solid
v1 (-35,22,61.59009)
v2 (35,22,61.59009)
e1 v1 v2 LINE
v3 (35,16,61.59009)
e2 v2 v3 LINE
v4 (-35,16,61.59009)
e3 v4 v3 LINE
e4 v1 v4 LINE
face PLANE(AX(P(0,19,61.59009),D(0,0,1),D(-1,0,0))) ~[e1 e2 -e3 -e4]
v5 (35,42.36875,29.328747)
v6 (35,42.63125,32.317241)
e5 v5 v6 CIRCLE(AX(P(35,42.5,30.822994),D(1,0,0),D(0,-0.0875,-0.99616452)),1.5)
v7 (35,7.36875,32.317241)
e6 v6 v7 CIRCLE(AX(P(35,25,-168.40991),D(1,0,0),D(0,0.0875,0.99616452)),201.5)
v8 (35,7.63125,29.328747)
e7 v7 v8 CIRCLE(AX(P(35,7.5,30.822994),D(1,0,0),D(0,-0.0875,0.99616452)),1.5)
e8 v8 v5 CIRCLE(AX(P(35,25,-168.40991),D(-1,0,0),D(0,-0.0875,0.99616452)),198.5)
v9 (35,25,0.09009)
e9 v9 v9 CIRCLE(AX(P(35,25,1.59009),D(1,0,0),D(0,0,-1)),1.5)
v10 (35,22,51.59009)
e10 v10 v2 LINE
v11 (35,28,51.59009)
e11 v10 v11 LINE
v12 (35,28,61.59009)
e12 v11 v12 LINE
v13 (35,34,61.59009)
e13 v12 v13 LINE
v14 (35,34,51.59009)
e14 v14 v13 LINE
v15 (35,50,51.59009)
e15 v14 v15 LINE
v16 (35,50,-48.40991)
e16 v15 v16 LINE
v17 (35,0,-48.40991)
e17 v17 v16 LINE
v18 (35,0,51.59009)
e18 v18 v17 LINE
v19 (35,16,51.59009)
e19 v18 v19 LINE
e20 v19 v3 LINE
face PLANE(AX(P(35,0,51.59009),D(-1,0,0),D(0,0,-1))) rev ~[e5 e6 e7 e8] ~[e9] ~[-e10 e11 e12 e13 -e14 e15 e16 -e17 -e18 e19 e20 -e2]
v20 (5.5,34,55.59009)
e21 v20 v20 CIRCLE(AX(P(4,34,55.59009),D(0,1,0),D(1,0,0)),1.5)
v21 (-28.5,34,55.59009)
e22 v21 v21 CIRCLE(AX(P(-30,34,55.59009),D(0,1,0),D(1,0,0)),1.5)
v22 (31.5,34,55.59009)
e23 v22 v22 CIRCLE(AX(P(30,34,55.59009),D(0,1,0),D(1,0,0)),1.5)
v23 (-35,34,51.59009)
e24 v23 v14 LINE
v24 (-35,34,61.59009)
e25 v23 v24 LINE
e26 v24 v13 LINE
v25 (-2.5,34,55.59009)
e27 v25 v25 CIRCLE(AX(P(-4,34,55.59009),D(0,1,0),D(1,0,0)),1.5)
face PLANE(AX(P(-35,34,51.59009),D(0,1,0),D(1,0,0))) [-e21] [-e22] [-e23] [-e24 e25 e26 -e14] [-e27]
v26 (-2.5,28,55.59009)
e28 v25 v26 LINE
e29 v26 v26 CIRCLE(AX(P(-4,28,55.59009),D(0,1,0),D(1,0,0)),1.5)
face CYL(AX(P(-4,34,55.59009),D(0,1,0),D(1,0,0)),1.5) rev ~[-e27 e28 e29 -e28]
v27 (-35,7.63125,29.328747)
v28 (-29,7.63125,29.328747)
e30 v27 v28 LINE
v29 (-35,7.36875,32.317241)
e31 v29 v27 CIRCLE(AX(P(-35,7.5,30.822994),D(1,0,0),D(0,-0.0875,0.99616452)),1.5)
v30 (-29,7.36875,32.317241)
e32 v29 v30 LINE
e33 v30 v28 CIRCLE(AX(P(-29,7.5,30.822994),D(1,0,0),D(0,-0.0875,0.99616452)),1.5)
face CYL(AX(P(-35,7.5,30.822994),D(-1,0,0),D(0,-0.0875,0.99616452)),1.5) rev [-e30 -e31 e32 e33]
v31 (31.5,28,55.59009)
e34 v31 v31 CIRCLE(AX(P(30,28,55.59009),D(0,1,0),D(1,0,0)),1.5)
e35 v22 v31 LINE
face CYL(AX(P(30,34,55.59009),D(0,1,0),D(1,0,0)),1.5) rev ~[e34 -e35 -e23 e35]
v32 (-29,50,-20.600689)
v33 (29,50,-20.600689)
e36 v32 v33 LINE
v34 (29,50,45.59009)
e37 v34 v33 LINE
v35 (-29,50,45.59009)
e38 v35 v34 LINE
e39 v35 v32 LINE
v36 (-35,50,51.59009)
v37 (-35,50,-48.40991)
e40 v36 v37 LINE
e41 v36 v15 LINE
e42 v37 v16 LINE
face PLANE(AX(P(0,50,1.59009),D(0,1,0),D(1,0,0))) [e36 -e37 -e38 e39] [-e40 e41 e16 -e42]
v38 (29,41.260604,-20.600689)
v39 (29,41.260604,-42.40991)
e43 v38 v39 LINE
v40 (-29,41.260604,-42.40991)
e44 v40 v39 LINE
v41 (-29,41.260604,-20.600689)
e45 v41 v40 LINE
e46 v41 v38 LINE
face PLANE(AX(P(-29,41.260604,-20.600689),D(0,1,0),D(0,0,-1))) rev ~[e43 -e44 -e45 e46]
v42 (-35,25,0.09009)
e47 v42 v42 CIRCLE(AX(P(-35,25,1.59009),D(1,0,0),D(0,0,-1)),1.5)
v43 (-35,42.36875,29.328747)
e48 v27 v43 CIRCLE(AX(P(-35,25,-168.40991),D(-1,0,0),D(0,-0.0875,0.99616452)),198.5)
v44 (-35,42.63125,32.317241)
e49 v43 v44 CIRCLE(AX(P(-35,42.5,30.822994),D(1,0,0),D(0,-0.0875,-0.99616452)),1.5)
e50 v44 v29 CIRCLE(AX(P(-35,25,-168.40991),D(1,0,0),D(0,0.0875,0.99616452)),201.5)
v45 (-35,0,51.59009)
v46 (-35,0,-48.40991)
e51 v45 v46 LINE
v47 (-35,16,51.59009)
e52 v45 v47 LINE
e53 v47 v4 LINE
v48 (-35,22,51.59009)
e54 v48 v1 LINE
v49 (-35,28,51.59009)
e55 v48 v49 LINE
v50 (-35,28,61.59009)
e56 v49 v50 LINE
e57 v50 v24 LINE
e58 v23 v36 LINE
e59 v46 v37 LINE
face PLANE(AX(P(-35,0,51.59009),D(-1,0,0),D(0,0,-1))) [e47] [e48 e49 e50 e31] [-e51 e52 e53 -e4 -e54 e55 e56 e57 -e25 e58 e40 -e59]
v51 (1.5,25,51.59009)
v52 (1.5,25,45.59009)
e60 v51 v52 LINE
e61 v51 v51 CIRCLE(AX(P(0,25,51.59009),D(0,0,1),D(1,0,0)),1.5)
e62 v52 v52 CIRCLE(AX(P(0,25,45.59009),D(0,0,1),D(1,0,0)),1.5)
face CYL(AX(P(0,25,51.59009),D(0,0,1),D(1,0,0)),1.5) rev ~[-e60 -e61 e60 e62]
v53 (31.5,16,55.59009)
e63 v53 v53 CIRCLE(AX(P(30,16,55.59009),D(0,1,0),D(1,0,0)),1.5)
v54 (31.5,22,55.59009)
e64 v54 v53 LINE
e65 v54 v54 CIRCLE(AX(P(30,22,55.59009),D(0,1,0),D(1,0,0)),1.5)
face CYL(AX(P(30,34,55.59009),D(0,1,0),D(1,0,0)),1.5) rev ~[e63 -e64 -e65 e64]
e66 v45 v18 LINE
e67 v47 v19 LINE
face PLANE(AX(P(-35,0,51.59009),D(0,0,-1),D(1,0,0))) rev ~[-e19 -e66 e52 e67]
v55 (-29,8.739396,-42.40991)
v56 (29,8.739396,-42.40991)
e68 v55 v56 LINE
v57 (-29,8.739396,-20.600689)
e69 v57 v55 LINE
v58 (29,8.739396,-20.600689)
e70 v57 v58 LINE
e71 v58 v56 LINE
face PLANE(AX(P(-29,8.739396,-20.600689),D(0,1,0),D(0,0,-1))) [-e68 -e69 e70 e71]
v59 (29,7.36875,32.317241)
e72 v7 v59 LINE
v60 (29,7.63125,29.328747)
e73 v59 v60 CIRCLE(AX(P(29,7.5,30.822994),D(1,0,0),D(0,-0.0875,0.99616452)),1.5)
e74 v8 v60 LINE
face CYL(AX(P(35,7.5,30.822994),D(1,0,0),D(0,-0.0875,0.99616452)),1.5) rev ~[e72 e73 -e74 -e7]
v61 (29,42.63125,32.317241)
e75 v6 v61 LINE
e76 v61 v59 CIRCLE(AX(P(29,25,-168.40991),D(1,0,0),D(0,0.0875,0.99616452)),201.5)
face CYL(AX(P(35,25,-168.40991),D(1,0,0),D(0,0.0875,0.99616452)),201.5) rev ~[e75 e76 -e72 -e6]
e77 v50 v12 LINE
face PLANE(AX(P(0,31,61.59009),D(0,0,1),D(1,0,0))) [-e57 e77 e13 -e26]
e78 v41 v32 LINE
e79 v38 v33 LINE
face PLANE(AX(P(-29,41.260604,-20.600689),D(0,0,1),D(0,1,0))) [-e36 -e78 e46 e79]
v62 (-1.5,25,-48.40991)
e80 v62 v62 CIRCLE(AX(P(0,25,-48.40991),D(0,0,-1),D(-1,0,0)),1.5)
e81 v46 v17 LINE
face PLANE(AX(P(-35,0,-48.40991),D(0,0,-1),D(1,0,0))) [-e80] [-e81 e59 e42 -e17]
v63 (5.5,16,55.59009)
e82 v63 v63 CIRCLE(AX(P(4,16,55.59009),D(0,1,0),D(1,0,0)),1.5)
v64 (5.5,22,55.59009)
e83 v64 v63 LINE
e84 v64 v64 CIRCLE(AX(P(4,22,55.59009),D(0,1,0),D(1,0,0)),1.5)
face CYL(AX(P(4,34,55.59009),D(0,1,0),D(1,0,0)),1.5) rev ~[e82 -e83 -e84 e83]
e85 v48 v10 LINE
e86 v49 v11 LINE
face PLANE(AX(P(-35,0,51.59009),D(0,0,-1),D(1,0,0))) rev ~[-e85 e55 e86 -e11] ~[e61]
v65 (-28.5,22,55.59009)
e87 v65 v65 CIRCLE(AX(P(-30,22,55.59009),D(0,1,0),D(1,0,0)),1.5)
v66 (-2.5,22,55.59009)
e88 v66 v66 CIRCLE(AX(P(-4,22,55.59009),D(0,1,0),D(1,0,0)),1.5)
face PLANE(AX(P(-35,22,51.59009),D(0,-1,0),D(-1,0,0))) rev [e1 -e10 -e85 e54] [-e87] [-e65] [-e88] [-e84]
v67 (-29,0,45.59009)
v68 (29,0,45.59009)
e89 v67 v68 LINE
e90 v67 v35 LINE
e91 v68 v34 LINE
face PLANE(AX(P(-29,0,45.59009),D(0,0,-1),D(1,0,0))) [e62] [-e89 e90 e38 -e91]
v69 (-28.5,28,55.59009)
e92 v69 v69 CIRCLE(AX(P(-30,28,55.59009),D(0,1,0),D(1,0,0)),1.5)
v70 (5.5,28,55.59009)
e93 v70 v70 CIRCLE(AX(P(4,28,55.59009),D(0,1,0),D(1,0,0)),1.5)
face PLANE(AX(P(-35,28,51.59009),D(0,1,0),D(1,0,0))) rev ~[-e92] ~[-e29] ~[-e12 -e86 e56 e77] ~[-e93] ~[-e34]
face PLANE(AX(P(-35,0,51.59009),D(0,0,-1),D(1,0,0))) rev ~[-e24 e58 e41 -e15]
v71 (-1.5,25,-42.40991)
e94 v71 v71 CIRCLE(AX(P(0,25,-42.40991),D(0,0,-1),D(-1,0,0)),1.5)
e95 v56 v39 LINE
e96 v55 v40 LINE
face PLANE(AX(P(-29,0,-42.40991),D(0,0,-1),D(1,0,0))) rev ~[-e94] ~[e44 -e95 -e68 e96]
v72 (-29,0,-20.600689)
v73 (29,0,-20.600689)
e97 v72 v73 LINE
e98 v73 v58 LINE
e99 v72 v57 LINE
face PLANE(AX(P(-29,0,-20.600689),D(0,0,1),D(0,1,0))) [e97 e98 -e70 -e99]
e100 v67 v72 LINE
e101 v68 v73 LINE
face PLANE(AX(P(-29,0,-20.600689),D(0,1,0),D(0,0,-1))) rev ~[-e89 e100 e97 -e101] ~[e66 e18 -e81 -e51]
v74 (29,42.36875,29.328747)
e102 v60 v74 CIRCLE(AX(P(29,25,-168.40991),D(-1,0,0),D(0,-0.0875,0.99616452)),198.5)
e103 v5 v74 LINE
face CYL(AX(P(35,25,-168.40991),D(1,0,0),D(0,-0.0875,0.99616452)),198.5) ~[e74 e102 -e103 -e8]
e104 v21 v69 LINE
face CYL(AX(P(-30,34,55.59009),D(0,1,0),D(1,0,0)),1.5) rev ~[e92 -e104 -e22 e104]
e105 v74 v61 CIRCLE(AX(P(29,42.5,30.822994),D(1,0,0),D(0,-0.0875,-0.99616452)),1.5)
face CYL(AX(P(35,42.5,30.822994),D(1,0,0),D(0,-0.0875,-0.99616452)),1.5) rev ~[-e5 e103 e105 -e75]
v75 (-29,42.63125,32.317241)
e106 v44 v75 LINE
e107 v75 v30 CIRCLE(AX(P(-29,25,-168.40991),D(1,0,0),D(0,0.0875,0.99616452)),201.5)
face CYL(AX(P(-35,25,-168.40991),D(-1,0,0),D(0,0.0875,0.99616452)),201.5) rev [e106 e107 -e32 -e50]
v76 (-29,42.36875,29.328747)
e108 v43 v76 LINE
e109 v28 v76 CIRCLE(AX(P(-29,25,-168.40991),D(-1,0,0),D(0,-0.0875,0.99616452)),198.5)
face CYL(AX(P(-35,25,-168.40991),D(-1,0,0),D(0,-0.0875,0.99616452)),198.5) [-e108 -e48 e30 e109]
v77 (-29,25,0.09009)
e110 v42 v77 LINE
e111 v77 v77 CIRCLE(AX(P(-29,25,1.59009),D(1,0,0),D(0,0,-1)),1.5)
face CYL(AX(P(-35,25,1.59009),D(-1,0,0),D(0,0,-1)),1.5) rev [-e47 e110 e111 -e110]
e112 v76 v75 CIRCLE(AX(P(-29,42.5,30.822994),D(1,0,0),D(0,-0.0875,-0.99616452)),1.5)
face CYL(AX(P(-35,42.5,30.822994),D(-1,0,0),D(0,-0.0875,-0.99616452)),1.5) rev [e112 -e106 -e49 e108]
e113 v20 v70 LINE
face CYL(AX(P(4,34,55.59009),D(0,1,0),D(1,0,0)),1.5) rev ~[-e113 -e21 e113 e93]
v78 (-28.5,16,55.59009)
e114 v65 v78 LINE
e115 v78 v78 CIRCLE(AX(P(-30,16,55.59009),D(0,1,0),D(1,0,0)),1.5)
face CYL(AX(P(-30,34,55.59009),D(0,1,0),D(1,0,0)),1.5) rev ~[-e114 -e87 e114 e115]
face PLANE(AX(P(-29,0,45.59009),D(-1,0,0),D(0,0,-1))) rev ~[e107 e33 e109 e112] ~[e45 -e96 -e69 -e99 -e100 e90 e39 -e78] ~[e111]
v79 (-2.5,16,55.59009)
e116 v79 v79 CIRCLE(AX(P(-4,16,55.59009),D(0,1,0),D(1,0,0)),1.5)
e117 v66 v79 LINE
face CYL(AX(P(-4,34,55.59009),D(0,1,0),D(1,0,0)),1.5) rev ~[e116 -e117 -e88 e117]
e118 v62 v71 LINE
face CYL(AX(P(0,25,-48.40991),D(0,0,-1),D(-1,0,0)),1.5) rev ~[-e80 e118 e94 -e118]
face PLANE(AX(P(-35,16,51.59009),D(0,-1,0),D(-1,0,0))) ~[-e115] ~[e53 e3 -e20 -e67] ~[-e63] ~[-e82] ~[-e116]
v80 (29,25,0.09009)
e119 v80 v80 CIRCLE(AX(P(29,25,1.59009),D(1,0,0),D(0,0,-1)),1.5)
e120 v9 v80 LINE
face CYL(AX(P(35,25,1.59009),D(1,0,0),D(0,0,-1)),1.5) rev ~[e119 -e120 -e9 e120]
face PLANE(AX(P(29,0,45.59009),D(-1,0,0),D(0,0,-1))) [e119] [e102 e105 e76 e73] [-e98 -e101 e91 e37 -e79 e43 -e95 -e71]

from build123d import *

# Parameters (mm, degrees)
SKETCH1_W                        = 70
SKETCH1_H                        = 100
SKETCH1_W_2                      = 58
SKETCH1_H_2                      = 88
MAIN_BODY_DEPTH                  = 50
BACK_WIRE_HOLE_REACH             = 102
SKETCH3_R                        = 1.5
FRONT_WIRE_HOLE_REACH            = 102
SKETCH6_R                        = 1.5
SKETCH4_W                        = 70
SKETCH4_H                        = 6
BACK_LIP_DEPTH                   = 10
SKETCH5_R                        = 1.5
BACK_LIP_HOLES_DEPTH             = 35
SKETCH2_R                        = 1.5
GEARED_ARM_HOLE_DEPTH            = 6
SKETCH10_W                       = 23
SKETCH10_H                       = 8.7393957
SERVO_MOUNT_MAIN_EXTRUSION_DEPTH = 58
WING_CONNECTION_SLOT_DEPTH       = 6


with BuildPart() as part:
    # Sketch1 → main_body (new body)
    with BuildSketch(Plane(origin=(0, 0, 0), x_dir=(1, 0, 0), z_dir=(0, 1, 0))):
        with Locations((0, -1.59009009)):
            Rectangle(SKETCH1_W, SKETCH1_H)
        with Locations((0, -1.59009009)):
            Rectangle(SKETCH1_W_2, SKETCH1_H_2, mode=Mode.SUBTRACT)
    extrude(amount=MAIN_BODY_DEPTH)

    # Sketch3 → back_wire_hole (cut, up to next)
    with BuildSketch(Plane.XY.offset(51.59009009), mode=Mode.PRIVATE) as back_wire_hole_sk1:
        with Locations((0, 25)):
            Circle(SKETCH3_R)
    back_wire_hole_tool1 = extrude(back_wire_hole_sk1.sketch, amount=-BACK_WIRE_HOLE_REACH, mode=Mode.PRIVATE) & part.part
    add(back_wire_hole_tool1.solids().sort_by_distance((0, 25, 51.59009))[0], mode=Mode.SUBTRACT)

    # Sketch6 → front_wire_hole (cut, up to next)
    with BuildSketch(Plane(origin=(0, 0, -48.40990991), x_dir=(-1, 0, 0), z_dir=(0, 0, -1)), mode=Mode.PRIVATE) as front_wire_hole_sk1:
        with Locations((0, 25)):
            Circle(SKETCH6_R)
    front_wire_hole_tool1 = extrude(front_wire_hole_sk1.sketch, amount=-FRONT_WIRE_HOLE_REACH, mode=Mode.PRIVATE) & part.part
    add(front_wire_hole_tool1.solids().sort_by_distance((0, 25, -48.40991))[0], mode=Mode.SUBTRACT)

    # Sketch4 → back_lip (add)
    with BuildSketch(Plane.XY.offset(51.59009009)):
        with Locations((0, 31)):
            Rectangle(SKETCH4_W, SKETCH4_H)
    back_lip = extrude(amount=BACK_LIP_DEPTH)

    # back_lip_mirror: back_lip across plane
    add(back_lip.mirror(Plane.ZX.offset(25)))

    # Sketch5 → back_lip_holes (cut, through all)
    with BuildSketch(Plane(origin=(0, 34, 0), x_dir=(1, 0, 0), z_dir=(0, 1, 0))):
        with Locations((4, -55.59009009)):
            Circle(SKETCH5_R)
        with Locations((30, -55.59009009)):
            Circle(SKETCH5_R)
        with Locations((-30, -55.59009009)):
            Circle(SKETCH5_R)
        with Locations((-4, -55.59009009)):
            Circle(SKETCH5_R)
    extrude(amount=-BACK_LIP_HOLES_DEPTH, mode=Mode.SUBTRACT)

    # Sketch2 → geared_arm_hole (cut)
    with BuildSketch(Plane(origin=(35, 0, 0), x_dir=(0, 0, -1), z_dir=(1, 0, 0))):
        with Locations((-1.59009009, 25)):
            Circle(SKETCH2_R)
    geared_arm_hole = extrude(amount=-GEARED_ARM_HOLE_DEPTH, mode=Mode.SUBTRACT)

    # geared_arm_hole_mirror: geared_arm_hole across plane
    add(geared_arm_hole.mirror(Plane(origin=(0, 0, 0), x_dir=(0, 0, 1), z_dir=(1, 0, 0))), mode=Mode.SUBTRACT)

    # Sketch10 → servo_mount_main_extrusion (add)
    with BuildSketch(Plane(origin=(-29, 0, 0), x_dir=(0, 0, -1), z_dir=(1, 0, 0))):
        with Locations((32.100688533, 4.36969785)):
            Rectangle(SKETCH10_W, SKETCH10_H)
        with Locations((32.100688533, 45.63030215)):
            Rectangle(SKETCH10_W, SKETCH10_H)
    extrude(amount=SERVO_MOUNT_MAIN_EXTRUSION_DEPTH)

    # Sketch11 → wing_connection_slot (cut)
    with BuildSketch(Plane(origin=(35, 0, 0), x_dir=(0, 0, -1), z_dir=(1, 0, 0))):
        with BuildLine():
            ThreePointArc((-32.317240778, 42.63125), (-33.09009009, 25), (-32.317240778, 7.36875))
            ThreePointArc((-32.317240778, 7.36875), (-30.691743999, 6.005753221), (-29.32874722, 7.63125))
            ThreePointArc((-29.32874722, 7.63125), (-30.09009009, 25), (-29.32874722, 42.36875))
            ThreePointArc((-29.32874722, 42.36875), (-30.691743999, 43.994246779), (-32.317240778, 42.63125))
        make_face()
    wing_connection_slot = extrude(amount=-WING_CONNECTION_SLOT_DEPTH, mode=Mode.SUBTRACT)

    # wing_connection_slot_mirror: wing_connection_slot across plane
    add(wing_connection_slot.mirror(Plane(origin=(0, 0, 0), x_dir=(0, 0, 1), z_dir=(1, 0, 0))), mode=Mode.SUBTRACT)


solid = part.part
